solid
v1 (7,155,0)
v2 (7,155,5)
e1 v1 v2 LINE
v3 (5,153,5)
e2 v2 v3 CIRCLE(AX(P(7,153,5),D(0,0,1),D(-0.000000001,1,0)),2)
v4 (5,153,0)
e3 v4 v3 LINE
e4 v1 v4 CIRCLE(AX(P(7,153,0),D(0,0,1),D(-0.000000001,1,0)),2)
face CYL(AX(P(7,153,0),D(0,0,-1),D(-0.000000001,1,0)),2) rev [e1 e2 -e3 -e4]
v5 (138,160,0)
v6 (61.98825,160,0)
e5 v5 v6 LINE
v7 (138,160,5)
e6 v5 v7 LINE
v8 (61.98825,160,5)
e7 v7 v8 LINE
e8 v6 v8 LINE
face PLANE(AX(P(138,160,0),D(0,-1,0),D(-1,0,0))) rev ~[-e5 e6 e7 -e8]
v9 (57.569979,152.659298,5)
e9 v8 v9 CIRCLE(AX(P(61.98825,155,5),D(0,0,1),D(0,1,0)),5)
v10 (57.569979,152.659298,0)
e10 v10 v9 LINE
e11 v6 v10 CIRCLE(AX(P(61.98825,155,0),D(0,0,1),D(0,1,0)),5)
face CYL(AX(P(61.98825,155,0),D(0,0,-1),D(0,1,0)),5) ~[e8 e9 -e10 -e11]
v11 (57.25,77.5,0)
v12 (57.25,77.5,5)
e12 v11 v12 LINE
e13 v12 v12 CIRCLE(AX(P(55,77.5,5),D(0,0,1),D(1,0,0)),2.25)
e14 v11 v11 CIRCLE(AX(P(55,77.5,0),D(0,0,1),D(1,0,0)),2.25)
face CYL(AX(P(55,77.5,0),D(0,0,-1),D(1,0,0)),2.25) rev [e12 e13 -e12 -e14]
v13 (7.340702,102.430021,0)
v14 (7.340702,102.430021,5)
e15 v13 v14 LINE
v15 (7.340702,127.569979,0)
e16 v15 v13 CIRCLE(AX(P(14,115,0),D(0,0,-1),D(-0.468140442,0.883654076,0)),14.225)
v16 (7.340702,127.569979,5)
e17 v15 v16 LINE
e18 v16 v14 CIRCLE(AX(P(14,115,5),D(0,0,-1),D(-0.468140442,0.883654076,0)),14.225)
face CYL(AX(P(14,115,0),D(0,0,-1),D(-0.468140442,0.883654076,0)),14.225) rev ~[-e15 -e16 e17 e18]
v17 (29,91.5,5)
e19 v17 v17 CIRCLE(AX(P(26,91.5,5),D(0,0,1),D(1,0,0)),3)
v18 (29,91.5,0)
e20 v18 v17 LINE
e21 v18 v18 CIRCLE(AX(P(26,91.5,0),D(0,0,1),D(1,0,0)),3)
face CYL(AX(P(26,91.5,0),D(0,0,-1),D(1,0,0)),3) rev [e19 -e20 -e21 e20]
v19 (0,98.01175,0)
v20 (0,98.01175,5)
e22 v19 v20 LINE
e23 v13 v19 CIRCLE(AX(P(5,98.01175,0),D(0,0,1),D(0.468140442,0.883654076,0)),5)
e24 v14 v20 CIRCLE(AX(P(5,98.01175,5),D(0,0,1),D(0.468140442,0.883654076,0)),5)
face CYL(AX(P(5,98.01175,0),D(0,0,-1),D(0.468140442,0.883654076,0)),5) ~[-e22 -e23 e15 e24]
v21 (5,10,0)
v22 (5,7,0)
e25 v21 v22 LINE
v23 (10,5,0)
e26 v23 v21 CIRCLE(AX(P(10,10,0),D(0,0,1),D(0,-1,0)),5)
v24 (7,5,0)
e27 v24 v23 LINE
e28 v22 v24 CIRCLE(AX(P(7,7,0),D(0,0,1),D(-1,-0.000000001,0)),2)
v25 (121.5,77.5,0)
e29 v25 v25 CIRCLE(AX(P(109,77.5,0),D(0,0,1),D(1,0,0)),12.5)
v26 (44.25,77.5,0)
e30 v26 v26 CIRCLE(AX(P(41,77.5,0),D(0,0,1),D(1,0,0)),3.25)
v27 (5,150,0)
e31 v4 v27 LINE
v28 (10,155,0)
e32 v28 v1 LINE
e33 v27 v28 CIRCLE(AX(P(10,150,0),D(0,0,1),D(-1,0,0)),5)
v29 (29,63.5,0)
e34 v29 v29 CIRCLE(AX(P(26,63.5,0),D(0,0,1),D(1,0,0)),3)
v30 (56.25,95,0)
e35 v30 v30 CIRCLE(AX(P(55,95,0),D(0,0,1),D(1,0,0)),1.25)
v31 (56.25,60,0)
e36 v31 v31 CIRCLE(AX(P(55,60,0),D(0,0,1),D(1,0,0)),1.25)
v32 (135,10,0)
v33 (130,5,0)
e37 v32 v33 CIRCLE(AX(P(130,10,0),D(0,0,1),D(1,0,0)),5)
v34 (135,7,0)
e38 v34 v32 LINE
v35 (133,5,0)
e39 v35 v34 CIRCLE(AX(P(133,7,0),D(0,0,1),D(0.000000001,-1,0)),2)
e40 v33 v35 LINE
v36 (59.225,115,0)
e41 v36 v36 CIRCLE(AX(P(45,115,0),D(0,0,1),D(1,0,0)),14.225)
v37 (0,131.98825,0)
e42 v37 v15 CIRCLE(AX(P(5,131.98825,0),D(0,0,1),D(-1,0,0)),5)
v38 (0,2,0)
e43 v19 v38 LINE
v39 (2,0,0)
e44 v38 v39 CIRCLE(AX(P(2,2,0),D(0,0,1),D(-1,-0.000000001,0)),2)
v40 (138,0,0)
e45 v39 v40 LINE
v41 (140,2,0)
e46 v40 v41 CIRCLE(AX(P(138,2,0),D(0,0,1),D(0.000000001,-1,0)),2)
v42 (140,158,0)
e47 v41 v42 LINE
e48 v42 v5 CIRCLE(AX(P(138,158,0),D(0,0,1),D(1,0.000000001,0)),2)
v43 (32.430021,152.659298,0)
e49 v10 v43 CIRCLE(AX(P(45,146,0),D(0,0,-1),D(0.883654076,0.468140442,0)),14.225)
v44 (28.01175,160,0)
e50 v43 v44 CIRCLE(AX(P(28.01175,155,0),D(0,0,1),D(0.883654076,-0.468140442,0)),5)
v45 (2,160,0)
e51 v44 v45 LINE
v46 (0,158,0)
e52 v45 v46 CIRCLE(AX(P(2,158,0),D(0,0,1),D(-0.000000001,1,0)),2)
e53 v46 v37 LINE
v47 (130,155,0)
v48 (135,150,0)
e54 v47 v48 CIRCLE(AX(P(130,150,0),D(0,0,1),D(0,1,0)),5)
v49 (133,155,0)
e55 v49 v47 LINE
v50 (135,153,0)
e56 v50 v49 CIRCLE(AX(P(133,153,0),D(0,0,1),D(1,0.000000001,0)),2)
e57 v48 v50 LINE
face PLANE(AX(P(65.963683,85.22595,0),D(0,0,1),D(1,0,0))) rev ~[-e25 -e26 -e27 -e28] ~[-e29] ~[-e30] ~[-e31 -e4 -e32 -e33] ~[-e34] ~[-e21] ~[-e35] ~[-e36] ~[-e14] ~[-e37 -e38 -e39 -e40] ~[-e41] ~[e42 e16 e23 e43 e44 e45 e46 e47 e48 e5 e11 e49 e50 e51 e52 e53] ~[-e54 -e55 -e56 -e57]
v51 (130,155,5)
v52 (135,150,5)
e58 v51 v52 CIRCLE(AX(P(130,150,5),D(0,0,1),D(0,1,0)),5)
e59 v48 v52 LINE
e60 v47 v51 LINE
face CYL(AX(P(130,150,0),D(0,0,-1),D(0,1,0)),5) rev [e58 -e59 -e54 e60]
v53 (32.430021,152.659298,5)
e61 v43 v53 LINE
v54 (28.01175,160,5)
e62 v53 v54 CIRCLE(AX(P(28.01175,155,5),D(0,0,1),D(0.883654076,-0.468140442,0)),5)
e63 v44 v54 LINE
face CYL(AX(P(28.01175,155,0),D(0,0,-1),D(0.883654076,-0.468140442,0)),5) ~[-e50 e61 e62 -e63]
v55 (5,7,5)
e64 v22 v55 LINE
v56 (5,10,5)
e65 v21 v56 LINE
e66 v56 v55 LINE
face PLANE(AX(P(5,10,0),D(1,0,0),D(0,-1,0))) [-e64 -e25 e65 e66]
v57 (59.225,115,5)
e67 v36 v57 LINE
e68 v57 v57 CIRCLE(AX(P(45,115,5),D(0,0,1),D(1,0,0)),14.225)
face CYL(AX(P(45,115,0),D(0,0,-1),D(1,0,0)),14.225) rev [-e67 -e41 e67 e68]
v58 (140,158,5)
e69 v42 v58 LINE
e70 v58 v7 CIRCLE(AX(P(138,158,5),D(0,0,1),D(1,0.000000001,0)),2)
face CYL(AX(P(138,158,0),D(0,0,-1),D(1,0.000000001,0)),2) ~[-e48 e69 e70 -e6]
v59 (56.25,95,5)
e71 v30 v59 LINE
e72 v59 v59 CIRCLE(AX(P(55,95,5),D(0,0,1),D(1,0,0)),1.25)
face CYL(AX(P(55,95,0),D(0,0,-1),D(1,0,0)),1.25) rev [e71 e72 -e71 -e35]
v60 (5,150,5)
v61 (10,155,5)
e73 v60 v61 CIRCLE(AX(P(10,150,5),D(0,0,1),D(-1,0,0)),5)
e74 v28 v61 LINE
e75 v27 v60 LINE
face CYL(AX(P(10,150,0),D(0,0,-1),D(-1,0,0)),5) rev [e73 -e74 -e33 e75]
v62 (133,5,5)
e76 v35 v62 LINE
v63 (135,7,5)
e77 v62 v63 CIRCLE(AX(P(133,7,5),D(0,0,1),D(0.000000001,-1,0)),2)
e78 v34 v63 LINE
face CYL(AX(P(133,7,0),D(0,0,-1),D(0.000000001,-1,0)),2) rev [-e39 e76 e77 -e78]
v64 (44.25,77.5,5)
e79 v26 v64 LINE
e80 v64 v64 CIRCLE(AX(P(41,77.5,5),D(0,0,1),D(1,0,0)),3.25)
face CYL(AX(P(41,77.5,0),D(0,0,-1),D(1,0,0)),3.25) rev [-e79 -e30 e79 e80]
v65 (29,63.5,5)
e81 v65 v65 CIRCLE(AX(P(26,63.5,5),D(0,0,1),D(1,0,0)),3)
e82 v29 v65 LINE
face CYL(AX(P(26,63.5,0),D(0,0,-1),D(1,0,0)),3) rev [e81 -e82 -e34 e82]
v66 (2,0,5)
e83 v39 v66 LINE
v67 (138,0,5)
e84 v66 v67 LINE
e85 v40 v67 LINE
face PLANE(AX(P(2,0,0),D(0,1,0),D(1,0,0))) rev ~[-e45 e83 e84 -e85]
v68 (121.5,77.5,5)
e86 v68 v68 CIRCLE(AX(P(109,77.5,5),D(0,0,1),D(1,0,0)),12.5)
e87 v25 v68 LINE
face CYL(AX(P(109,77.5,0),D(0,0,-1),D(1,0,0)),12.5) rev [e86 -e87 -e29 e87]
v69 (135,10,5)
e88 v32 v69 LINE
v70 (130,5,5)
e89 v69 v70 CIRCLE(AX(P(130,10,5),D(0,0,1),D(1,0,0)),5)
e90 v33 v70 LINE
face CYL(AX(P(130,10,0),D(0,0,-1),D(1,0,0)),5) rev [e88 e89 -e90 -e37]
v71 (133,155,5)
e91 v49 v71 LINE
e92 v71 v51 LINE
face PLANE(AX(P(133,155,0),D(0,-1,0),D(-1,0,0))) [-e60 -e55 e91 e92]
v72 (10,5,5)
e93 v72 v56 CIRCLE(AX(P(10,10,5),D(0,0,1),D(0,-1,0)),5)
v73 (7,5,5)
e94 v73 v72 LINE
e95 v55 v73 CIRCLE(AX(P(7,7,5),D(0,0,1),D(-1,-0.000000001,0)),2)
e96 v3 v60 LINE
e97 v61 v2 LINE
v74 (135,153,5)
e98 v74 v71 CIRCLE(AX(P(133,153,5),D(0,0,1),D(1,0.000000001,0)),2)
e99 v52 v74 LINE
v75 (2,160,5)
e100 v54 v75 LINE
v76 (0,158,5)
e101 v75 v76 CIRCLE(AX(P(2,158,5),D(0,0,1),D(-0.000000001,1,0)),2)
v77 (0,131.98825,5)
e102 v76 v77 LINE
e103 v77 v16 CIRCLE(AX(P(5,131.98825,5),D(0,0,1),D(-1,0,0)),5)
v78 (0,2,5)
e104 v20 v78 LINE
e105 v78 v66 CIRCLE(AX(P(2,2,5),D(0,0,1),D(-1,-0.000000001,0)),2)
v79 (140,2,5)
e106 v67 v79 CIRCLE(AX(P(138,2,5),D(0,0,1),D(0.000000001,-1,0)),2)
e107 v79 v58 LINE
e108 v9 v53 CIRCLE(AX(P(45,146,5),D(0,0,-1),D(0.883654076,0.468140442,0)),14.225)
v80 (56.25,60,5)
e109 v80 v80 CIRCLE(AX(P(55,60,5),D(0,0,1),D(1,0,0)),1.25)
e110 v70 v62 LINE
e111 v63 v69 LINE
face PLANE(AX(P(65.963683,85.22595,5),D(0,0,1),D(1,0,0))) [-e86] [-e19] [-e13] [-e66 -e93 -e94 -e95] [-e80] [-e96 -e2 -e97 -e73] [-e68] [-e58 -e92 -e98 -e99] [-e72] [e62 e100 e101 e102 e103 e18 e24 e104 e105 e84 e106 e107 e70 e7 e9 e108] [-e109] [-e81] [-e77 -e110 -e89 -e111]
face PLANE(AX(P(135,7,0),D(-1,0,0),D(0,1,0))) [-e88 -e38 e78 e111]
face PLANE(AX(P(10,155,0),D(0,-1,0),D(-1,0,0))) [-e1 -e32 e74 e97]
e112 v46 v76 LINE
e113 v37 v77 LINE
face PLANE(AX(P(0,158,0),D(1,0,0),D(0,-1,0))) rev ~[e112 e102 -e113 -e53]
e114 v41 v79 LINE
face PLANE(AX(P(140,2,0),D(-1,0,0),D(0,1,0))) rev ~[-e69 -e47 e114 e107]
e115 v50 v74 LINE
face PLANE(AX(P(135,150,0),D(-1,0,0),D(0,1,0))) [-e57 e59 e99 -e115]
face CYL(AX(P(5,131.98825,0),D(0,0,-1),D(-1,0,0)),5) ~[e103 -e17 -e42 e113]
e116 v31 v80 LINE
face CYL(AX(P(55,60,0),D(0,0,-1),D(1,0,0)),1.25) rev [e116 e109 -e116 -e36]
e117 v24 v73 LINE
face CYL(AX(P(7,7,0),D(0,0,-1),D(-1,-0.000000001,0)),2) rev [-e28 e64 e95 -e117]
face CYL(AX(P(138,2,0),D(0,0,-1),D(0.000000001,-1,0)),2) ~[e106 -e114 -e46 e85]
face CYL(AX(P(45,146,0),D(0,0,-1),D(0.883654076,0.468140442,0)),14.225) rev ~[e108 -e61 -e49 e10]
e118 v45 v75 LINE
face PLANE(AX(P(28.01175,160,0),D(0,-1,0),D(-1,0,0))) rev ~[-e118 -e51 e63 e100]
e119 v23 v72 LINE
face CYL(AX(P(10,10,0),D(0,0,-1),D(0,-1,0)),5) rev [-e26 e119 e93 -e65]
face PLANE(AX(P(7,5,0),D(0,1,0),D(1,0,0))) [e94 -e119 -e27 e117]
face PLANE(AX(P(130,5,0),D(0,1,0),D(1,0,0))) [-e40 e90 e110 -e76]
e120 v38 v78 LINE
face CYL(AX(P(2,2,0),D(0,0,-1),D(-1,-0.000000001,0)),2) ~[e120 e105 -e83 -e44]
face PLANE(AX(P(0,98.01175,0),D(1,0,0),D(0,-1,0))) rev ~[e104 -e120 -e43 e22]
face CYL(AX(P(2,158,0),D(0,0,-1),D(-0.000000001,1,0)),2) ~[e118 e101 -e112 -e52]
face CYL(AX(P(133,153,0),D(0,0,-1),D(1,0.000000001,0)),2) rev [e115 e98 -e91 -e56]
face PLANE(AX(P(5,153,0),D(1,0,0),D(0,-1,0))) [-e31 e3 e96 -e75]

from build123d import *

# Parameters (mm, degrees)
MODEL_R             = 3
MODEL_R_2           = 2.25
MODEL_R_3           = 1.25
MODEL_R_4           = 12.5
MODEL_R_5           = 3.25
MODEL_R_6           = 14.225
BOSS_EXTRUDE1_DEPTH = 5


with BuildPart() as part:
    # Model → Boss-Extrude1 (new body)
    with BuildSketch(Plane.XY):
        with BuildLine():
            Line((28.011750385, 160), (2, 160))
            ThreePointArc((2, 160), (0.585786438, 159.414213562), (0, 158))
            Line((0, 158), (0, 131.988249615))
            ThreePointArc((0, 131.988249615), (2.421581013, 127.704354714), (7.340702211, 127.569979234))
            ThreePointArc((7.340702211, 127.569979234), (28.225, 115), (7.340702211, 102.430020766))
            ThreePointArc((7.340702211, 102.430020766), (2.421581013, 102.295645286), (0, 98.011750385))
            Line((0, 98.011750385), (0, 2))
            ThreePointArc((0, 2), (0.585786438, 0.585786438), (2, 0))
            Line((2, 0), (138, 0))
            ThreePointArc((138, 0), (139.414213562, 0.585786438), (140, 2))
            Line((140, 2), (140, 158))
            ThreePointArc((140, 158), (139.414213562, 159.414213562), (138, 160))
            Line((138, 160), (61.988249616, 160))
            ThreePointArc((61.988249616, 160), (57.704354714, 157.578418987), (57.569979234, 152.659297789))
            ThreePointArc((57.569979234, 152.659297789), (45, 131.775), (32.430020766, 152.659297789))
            ThreePointArc((32.430020766, 152.659297789), (32.295645286, 157.578418987), (28.011750385, 160))
        make_face()
        with Locations((26, 91.5)):
            Circle(MODEL_R, mode=Mode.SUBTRACT)
        with Locations((55, 77.5)):
            Circle(MODEL_R_2, mode=Mode.SUBTRACT)
        with Locations((55, 60)):
            Circle(MODEL_R_3, mode=Mode.SUBTRACT)
        with Locations((109, 77.5)):
            Circle(MODEL_R_4, mode=Mode.SUBTRACT)
        with Locations((55, 95)):
            Circle(MODEL_R_3, mode=Mode.SUBTRACT)
        with Locations((26, 63.5)):
            Circle(MODEL_R, mode=Mode.SUBTRACT)
        with Locations((41, 77.5)):
            Circle(MODEL_R_5, mode=Mode.SUBTRACT)
        with Locations((45, 115)):
            Circle(MODEL_R_6, mode=Mode.SUBTRACT)
        with BuildLine():
            Line((5, 153), (5, 150))
            ThreePointArc((5, 150), (13.535533906, 146.464466094), (10, 155))
            Line((10, 155), (7, 155))
            ThreePointArc((7, 155), (5.585786438, 154.414213562), (5, 153))
        make_face(mode=Mode.SUBTRACT)
        with BuildLine():
            Line((7, 5), (10, 5))
            ThreePointArc((10, 5), (13.535533906, 13.535533906), (5, 10))
            Line((5, 10), (5, 7))
            ThreePointArc((5, 7), (5.585786438, 5.585786438), (7, 5))
        make_face(mode=Mode.SUBTRACT)
        with BuildLine():
            Line((135, 7), (135, 10))
            ThreePointArc((135, 10), (126.464466094, 13.535533906), (130, 5))
            Line((130, 5), (133, 5))
            ThreePointArc((133, 5), (134.414213562, 5.585786438), (135, 7))
        make_face(mode=Mode.SUBTRACT)
        with BuildLine():
            Line((133, 155), (130, 155))
            ThreePointArc((130, 155), (126.464466094, 146.464466094), (135, 150))
            Line((135, 150), (135, 153))
            ThreePointArc((135, 153), (134.414213562, 154.414213562), (133, 155))
        make_face(mode=Mode.SUBTRACT)
    extrude(amount=BOSS_EXTRUDE1_DEPTH)


solid = part.part
